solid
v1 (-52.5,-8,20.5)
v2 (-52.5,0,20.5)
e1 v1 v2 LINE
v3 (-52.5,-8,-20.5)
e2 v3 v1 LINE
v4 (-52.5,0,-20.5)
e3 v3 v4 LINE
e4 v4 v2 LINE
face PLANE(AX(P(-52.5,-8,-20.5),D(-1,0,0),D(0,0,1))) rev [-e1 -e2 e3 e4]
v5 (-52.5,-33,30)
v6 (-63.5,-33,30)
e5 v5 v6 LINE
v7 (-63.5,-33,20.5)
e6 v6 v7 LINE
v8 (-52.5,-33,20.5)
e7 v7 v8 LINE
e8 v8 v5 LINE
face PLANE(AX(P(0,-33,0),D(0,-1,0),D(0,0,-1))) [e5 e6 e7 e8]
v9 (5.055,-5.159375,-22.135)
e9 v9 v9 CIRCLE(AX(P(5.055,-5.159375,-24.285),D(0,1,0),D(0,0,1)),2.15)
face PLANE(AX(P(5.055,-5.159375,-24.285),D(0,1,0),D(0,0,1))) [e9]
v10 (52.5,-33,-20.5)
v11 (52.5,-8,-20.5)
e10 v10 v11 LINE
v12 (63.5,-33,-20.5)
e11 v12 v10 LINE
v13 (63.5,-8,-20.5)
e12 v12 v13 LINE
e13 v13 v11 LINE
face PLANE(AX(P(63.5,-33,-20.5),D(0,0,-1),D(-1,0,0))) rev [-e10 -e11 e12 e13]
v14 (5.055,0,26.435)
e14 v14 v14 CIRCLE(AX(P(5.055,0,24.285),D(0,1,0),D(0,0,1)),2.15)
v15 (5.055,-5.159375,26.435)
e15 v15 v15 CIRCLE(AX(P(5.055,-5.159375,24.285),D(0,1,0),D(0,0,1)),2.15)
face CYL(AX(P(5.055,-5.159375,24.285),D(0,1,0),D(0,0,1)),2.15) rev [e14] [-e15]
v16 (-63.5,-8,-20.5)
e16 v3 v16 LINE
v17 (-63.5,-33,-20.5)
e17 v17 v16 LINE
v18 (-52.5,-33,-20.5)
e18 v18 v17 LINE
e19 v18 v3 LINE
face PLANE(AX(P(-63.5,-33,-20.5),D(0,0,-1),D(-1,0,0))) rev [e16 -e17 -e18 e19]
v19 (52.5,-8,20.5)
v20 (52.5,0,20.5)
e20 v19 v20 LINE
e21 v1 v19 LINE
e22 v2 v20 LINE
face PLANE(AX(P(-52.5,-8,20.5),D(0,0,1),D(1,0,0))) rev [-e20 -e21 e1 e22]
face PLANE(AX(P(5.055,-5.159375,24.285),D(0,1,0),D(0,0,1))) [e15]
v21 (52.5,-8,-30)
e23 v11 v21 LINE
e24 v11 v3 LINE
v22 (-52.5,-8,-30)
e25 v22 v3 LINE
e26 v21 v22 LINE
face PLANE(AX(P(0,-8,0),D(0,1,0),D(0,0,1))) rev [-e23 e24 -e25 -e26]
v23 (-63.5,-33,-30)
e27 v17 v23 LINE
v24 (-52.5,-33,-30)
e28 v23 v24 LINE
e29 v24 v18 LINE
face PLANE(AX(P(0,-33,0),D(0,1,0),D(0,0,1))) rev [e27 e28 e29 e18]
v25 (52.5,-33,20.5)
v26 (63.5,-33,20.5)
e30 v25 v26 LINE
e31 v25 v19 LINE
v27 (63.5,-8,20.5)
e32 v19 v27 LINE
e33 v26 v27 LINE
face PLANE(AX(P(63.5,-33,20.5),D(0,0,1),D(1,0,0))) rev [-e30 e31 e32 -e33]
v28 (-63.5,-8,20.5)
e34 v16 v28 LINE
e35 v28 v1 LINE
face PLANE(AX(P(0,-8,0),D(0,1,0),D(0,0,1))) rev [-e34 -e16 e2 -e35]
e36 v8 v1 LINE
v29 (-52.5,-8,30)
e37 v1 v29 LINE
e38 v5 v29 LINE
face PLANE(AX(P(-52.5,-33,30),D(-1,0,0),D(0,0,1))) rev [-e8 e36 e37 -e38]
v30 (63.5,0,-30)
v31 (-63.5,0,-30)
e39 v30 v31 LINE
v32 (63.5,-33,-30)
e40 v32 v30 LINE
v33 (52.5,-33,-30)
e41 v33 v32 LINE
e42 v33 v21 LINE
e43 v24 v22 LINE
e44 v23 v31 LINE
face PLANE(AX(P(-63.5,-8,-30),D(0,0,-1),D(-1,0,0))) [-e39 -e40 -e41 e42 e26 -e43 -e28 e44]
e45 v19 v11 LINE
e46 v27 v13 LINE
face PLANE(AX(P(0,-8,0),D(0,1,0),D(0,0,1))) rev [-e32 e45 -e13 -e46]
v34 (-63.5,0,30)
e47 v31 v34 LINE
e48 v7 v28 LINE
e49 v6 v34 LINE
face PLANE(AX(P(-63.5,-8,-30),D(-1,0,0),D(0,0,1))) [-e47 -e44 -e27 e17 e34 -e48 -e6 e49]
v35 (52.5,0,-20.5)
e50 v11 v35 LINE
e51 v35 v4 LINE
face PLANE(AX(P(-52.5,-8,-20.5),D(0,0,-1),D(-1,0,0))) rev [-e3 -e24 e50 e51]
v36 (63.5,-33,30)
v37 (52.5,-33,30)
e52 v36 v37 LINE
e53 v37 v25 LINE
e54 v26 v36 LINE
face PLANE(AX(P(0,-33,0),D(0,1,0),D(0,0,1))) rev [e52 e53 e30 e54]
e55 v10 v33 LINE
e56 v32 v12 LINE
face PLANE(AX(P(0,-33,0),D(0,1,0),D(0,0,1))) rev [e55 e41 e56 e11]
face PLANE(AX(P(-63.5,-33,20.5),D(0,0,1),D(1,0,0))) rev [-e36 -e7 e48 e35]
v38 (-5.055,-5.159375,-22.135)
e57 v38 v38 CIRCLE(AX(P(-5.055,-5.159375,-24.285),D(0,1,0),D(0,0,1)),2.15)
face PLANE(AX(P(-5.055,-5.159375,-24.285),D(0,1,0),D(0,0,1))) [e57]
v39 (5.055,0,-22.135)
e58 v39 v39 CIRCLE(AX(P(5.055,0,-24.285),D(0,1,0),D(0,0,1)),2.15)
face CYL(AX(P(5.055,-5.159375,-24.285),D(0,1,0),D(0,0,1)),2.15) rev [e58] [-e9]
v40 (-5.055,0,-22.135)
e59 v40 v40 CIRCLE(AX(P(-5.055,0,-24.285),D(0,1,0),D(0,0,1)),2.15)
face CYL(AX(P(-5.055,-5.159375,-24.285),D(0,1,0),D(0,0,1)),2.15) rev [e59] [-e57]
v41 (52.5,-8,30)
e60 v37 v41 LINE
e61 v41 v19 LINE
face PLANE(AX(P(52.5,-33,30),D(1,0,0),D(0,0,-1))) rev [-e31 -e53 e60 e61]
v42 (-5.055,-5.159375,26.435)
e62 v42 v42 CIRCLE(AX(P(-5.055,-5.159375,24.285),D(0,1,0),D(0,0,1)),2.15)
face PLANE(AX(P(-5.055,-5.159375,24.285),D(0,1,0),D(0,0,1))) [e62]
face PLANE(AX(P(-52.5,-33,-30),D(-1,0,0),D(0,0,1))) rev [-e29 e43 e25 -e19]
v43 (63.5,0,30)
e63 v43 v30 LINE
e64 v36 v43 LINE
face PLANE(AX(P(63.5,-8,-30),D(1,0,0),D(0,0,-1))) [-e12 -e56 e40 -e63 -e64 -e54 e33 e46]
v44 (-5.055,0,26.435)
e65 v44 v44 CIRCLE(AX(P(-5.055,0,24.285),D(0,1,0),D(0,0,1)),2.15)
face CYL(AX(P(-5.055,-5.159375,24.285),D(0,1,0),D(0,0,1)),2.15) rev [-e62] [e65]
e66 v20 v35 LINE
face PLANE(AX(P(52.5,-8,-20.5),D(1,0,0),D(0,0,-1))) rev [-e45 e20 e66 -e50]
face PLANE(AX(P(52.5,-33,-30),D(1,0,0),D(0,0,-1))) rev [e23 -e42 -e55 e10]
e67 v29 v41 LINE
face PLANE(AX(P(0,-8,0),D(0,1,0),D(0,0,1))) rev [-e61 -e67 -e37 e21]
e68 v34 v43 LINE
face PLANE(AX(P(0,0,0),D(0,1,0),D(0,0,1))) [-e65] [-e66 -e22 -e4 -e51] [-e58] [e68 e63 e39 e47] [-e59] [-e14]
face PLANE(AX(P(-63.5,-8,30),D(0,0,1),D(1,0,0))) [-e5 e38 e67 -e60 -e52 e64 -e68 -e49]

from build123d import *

# Parameters (mm, degrees)
SKETCH2_W           = 127
SKETCH2_H           = 60
SKETCH2_W_2         = 105
SKETCH2_H_2         = 41
BOSS_EXTRUDE2_DEPTH = 8
SKETCH3_R           = 2.15
CUT_EXTRUDE1_DEPTH  = 5.159375
SKETCH4_W           = 11
SKETCH4_H           = 9.5
BOSS_EXTRUDE3_DEPTH = 25


with BuildPart() as part:
    # Sketch2 → Boss-Extrude2 (new body)
    with BuildSketch(Plane(origin=(0, 0, 0), x_dir=(1, 0, 0), z_dir=(0, 1, 0))):
        Rectangle(SKETCH2_W, SKETCH2_H)
        Rectangle(SKETCH2_W_2, SKETCH2_H_2, mode=Mode.SUBTRACT)
    extrude(amount=-BOSS_EXTRUDE2_DEPTH)

    # Sketch3 → Cut-Extrude1 (cut)
    with BuildSketch(Plane(origin=(0, 0, 0), x_dir=(1, 0, 0), z_dir=(0, 1, 0))):
        with Locations((5.055, -24.285)):
            Circle(SKETCH3_R)
        with Locations((-5.055, 24.285)):
            Circle(SKETCH3_R)
        with Locations((5.055, 24.285)):
            Circle(SKETCH3_R)
        with Locations((-5.055, -24.285)):
            Circle(SKETCH3_R)
    extrude(amount=-CUT_EXTRUDE1_DEPTH, mode=Mode.SUBTRACT)

    # Sketch4 → Boss-Extrude3 (add)
    with BuildSketch(Plane.XZ.offset(8)):
        with Locations((-58, 25.25)):
            Rectangle(SKETCH4_W, SKETCH4_H)
        with Locations((58, 25.25)):
            Rectangle(SKETCH4_W, SKETCH4_H)
        with Locations((58, -25.25)):
            Rectangle(SKETCH4_W, SKETCH4_H)
        with Locations((-58, -25.25)):
            Rectangle(SKETCH4_W, SKETCH4_H)
    extrude(amount=BOSS_EXTRUDE3_DEPTH)


solid = part.part
